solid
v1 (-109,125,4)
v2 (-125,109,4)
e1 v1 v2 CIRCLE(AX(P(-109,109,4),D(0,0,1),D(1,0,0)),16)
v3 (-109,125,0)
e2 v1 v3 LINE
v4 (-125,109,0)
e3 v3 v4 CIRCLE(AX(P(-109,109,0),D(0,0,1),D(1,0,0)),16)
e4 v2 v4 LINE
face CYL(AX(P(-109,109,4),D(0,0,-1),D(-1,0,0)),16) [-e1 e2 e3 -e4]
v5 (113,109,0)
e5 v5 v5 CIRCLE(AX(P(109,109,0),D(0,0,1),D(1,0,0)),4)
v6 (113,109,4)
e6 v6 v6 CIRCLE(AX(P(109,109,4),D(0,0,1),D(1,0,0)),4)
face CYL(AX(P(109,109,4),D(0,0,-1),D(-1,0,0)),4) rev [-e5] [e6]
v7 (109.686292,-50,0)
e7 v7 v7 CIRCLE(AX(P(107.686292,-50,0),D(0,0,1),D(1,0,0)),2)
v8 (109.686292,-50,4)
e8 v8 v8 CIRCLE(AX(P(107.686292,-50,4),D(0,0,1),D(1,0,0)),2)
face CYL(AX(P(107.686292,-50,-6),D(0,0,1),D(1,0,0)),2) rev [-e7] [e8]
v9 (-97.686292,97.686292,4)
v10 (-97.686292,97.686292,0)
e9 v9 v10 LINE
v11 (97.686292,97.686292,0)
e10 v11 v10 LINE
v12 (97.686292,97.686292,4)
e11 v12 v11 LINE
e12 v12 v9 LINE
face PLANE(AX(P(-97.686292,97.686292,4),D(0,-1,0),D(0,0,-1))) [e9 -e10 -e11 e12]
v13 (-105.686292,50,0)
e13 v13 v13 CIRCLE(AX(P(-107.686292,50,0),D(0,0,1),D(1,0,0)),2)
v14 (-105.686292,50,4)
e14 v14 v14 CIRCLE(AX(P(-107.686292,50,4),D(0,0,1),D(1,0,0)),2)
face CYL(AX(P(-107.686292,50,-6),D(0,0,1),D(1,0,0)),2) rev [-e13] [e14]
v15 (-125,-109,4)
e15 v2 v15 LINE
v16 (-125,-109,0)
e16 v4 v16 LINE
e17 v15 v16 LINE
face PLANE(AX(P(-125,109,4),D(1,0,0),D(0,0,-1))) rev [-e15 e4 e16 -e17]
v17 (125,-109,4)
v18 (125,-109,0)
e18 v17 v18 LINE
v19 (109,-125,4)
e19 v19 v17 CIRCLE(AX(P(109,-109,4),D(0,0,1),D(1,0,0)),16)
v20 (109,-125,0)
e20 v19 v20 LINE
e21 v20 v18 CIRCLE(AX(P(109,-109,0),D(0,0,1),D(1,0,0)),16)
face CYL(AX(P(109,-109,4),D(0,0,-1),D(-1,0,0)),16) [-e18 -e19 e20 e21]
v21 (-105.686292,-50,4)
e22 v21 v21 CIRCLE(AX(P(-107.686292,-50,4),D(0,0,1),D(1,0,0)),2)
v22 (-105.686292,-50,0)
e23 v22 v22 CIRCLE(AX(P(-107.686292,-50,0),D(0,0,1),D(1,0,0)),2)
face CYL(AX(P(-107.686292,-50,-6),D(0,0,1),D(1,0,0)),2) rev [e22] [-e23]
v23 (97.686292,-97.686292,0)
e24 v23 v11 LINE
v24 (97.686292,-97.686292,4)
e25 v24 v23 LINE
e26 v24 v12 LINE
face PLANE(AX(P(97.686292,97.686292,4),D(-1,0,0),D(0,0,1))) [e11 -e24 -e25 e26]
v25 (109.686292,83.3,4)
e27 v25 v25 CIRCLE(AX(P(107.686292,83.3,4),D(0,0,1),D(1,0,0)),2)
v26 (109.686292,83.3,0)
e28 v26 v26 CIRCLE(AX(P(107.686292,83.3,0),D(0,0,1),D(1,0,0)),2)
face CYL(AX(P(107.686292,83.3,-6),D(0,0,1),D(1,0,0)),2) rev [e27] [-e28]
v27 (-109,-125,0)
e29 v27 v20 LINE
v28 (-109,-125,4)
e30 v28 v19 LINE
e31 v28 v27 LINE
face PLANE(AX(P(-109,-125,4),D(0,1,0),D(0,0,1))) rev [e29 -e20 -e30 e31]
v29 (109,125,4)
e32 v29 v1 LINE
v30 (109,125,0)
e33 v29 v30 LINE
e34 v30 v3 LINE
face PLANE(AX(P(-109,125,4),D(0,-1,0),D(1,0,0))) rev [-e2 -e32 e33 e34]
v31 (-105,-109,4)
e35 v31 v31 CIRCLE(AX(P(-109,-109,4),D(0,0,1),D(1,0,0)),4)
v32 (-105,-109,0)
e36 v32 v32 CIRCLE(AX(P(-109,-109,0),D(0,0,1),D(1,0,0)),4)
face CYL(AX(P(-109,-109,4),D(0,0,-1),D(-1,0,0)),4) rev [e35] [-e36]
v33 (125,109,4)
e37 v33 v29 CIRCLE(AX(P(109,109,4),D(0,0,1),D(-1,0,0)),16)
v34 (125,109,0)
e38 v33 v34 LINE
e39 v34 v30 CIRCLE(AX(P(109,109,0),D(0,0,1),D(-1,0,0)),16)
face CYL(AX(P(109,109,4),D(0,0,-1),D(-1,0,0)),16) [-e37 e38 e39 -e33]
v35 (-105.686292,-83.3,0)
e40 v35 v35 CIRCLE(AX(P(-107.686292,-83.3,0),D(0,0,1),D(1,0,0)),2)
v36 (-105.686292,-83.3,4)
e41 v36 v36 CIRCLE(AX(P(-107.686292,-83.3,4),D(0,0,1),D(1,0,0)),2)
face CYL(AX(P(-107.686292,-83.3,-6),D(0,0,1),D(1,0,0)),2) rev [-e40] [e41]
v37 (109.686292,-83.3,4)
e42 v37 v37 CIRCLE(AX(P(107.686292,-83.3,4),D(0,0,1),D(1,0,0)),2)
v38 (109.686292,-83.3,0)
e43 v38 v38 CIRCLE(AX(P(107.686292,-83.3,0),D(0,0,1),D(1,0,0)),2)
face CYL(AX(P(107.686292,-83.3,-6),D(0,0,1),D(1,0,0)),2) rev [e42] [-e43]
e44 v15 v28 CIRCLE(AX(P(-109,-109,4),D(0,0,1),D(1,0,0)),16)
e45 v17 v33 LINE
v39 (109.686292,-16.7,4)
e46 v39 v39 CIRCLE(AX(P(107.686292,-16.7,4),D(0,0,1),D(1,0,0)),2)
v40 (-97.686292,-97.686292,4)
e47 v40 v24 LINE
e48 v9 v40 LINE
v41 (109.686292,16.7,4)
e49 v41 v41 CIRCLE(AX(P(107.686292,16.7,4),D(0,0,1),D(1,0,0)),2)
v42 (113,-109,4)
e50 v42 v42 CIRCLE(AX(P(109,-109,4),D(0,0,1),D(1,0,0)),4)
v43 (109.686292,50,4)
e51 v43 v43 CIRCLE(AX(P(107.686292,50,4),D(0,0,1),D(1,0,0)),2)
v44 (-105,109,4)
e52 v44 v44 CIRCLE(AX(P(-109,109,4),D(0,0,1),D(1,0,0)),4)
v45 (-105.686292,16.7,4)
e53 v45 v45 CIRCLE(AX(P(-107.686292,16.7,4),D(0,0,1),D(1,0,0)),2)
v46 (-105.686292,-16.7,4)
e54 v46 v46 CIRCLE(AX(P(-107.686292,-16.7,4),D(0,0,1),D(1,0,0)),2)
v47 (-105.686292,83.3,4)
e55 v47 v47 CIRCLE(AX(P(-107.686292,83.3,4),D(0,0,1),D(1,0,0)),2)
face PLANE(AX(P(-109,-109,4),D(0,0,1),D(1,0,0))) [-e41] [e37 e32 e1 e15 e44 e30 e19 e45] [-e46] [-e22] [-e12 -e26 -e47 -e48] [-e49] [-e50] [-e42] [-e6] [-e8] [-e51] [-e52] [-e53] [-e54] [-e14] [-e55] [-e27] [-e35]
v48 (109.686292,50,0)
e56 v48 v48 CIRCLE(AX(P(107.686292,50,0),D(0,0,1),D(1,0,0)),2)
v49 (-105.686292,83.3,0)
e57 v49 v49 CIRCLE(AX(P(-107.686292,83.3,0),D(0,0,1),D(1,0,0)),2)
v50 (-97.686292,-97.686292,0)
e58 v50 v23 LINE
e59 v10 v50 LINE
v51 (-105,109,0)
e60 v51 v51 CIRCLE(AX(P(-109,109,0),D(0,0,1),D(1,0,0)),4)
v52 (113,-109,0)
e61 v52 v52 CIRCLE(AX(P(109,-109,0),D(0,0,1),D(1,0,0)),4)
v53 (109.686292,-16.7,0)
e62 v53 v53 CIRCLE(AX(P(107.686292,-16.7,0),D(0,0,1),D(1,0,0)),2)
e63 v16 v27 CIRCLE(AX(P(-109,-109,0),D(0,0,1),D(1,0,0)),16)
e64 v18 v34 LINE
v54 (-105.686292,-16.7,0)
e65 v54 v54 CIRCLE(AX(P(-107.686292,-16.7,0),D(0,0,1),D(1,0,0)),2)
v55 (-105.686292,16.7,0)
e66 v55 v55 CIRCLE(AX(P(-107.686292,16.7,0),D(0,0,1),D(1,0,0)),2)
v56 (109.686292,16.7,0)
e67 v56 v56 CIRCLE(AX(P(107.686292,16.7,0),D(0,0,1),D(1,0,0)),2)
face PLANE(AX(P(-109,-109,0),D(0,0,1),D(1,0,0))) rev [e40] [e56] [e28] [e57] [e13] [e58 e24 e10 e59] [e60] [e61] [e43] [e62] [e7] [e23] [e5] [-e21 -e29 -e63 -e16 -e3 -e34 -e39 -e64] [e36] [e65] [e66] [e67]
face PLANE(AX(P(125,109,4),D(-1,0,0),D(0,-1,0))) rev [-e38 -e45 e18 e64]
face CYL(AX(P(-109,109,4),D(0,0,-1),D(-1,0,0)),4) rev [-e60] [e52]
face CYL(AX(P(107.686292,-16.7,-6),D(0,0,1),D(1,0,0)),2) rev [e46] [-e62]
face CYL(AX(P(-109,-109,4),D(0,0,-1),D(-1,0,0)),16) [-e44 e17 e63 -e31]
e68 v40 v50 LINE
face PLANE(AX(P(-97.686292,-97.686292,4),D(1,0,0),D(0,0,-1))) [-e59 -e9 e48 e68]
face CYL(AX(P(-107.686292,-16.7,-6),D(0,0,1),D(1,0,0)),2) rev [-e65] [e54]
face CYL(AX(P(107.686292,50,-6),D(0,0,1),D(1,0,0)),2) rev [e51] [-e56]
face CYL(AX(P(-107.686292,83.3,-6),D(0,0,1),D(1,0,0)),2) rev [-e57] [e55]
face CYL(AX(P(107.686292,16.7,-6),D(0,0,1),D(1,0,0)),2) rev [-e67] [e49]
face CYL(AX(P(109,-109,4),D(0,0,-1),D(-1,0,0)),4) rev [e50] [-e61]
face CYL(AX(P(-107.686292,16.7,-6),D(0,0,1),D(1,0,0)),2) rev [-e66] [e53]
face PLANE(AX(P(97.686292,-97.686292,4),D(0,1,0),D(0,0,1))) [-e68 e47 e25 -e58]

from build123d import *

# Parameters (mm, degrees)
SKETCH1_R           = 4
SKETCH1_W           = 195.372583002
SKETCH1_H           = 195.372583002
BOSS_EXTRUDE1_DEPTH = 4
SKETCH2_R           = 2
CUT_EXTRUDE1_DEPTH  = 10


with BuildPart() as part:
    # Sketch1 → Boss-Extrude1 (new body)
    with BuildSketch(Plane.XY):
        with BuildLine():
            Line((-109, 125), (109, 125))
            ThreePointArc((109, 125), (120.313708499, 120.313708499), (125, 109))
            Line((125, 109), (125, -109))
            ThreePointArc((125, -109), (120.313708499, -120.313708499), (109, -125))
            Line((109, -125), (-109, -125))
            ThreePointArc((-109, -125), (-120.313708499, -120.313708499), (-125, -109))
            Line((-125, -109), (-125, 109))
            ThreePointArc((-125, 109), (-120.313708499, 120.313708499), (-109, 125))
        make_face()
        with Locations((-109, 109)):
            Circle(SKETCH1_R, mode=Mode.SUBTRACT)
        with Locations((109, 109)):
            Circle(SKETCH1_R, mode=Mode.SUBTRACT)
        with Locations((109, -109)):
            Circle(SKETCH1_R, mode=Mode.SUBTRACT)
        with Locations((-109, -109)):
            Circle(SKETCH1_R, mode=Mode.SUBTRACT)
        Rectangle(SKETCH1_W, SKETCH1_H, mode=Mode.SUBTRACT)
    extrude(amount=BOSS_EXTRUDE1_DEPTH)

    # Sketch2 → Cut-Extrude1 (cut)
    with BuildSketch(Plane.XY.offset(4)):
        with Locations((-107.686291501, 83.3)):
            Circle(SKETCH2_R)
        with Locations((-107.686291501, 50)):
            Circle(SKETCH2_R)
        with Locations((-107.686291501, 16.7)):
            Circle(SKETCH2_R)
        with Locations((-107.686291501, -16.7)):
            Circle(SKETCH2_R)
        with Locations((-107.686291501, -50)):
            Circle(SKETCH2_R)
        with Locations((-107.686291501, -83.3)):
            Circle(SKETCH2_R)
        with Locations((107.686291501, -83.3)):
            Circle(SKETCH2_R)
        with Locations((107.686291501, -50)):
            Circle(SKETCH2_R)
        with Locations((107.686291501, -16.7)):
            Circle(SKETCH2_R)
        with Locations((107.686291501, 16.7)):
            Circle(SKETCH2_R)
        with Locations((107.686291501, 50)):
            Circle(SKETCH2_R)
        with Locations((107.686291501, 83.3)):
            Circle(SKETCH2_R)
    extrude(amount=-CUT_EXTRUDE1_DEPTH, mode=Mode.SUBTRACT)


solid = part.part
